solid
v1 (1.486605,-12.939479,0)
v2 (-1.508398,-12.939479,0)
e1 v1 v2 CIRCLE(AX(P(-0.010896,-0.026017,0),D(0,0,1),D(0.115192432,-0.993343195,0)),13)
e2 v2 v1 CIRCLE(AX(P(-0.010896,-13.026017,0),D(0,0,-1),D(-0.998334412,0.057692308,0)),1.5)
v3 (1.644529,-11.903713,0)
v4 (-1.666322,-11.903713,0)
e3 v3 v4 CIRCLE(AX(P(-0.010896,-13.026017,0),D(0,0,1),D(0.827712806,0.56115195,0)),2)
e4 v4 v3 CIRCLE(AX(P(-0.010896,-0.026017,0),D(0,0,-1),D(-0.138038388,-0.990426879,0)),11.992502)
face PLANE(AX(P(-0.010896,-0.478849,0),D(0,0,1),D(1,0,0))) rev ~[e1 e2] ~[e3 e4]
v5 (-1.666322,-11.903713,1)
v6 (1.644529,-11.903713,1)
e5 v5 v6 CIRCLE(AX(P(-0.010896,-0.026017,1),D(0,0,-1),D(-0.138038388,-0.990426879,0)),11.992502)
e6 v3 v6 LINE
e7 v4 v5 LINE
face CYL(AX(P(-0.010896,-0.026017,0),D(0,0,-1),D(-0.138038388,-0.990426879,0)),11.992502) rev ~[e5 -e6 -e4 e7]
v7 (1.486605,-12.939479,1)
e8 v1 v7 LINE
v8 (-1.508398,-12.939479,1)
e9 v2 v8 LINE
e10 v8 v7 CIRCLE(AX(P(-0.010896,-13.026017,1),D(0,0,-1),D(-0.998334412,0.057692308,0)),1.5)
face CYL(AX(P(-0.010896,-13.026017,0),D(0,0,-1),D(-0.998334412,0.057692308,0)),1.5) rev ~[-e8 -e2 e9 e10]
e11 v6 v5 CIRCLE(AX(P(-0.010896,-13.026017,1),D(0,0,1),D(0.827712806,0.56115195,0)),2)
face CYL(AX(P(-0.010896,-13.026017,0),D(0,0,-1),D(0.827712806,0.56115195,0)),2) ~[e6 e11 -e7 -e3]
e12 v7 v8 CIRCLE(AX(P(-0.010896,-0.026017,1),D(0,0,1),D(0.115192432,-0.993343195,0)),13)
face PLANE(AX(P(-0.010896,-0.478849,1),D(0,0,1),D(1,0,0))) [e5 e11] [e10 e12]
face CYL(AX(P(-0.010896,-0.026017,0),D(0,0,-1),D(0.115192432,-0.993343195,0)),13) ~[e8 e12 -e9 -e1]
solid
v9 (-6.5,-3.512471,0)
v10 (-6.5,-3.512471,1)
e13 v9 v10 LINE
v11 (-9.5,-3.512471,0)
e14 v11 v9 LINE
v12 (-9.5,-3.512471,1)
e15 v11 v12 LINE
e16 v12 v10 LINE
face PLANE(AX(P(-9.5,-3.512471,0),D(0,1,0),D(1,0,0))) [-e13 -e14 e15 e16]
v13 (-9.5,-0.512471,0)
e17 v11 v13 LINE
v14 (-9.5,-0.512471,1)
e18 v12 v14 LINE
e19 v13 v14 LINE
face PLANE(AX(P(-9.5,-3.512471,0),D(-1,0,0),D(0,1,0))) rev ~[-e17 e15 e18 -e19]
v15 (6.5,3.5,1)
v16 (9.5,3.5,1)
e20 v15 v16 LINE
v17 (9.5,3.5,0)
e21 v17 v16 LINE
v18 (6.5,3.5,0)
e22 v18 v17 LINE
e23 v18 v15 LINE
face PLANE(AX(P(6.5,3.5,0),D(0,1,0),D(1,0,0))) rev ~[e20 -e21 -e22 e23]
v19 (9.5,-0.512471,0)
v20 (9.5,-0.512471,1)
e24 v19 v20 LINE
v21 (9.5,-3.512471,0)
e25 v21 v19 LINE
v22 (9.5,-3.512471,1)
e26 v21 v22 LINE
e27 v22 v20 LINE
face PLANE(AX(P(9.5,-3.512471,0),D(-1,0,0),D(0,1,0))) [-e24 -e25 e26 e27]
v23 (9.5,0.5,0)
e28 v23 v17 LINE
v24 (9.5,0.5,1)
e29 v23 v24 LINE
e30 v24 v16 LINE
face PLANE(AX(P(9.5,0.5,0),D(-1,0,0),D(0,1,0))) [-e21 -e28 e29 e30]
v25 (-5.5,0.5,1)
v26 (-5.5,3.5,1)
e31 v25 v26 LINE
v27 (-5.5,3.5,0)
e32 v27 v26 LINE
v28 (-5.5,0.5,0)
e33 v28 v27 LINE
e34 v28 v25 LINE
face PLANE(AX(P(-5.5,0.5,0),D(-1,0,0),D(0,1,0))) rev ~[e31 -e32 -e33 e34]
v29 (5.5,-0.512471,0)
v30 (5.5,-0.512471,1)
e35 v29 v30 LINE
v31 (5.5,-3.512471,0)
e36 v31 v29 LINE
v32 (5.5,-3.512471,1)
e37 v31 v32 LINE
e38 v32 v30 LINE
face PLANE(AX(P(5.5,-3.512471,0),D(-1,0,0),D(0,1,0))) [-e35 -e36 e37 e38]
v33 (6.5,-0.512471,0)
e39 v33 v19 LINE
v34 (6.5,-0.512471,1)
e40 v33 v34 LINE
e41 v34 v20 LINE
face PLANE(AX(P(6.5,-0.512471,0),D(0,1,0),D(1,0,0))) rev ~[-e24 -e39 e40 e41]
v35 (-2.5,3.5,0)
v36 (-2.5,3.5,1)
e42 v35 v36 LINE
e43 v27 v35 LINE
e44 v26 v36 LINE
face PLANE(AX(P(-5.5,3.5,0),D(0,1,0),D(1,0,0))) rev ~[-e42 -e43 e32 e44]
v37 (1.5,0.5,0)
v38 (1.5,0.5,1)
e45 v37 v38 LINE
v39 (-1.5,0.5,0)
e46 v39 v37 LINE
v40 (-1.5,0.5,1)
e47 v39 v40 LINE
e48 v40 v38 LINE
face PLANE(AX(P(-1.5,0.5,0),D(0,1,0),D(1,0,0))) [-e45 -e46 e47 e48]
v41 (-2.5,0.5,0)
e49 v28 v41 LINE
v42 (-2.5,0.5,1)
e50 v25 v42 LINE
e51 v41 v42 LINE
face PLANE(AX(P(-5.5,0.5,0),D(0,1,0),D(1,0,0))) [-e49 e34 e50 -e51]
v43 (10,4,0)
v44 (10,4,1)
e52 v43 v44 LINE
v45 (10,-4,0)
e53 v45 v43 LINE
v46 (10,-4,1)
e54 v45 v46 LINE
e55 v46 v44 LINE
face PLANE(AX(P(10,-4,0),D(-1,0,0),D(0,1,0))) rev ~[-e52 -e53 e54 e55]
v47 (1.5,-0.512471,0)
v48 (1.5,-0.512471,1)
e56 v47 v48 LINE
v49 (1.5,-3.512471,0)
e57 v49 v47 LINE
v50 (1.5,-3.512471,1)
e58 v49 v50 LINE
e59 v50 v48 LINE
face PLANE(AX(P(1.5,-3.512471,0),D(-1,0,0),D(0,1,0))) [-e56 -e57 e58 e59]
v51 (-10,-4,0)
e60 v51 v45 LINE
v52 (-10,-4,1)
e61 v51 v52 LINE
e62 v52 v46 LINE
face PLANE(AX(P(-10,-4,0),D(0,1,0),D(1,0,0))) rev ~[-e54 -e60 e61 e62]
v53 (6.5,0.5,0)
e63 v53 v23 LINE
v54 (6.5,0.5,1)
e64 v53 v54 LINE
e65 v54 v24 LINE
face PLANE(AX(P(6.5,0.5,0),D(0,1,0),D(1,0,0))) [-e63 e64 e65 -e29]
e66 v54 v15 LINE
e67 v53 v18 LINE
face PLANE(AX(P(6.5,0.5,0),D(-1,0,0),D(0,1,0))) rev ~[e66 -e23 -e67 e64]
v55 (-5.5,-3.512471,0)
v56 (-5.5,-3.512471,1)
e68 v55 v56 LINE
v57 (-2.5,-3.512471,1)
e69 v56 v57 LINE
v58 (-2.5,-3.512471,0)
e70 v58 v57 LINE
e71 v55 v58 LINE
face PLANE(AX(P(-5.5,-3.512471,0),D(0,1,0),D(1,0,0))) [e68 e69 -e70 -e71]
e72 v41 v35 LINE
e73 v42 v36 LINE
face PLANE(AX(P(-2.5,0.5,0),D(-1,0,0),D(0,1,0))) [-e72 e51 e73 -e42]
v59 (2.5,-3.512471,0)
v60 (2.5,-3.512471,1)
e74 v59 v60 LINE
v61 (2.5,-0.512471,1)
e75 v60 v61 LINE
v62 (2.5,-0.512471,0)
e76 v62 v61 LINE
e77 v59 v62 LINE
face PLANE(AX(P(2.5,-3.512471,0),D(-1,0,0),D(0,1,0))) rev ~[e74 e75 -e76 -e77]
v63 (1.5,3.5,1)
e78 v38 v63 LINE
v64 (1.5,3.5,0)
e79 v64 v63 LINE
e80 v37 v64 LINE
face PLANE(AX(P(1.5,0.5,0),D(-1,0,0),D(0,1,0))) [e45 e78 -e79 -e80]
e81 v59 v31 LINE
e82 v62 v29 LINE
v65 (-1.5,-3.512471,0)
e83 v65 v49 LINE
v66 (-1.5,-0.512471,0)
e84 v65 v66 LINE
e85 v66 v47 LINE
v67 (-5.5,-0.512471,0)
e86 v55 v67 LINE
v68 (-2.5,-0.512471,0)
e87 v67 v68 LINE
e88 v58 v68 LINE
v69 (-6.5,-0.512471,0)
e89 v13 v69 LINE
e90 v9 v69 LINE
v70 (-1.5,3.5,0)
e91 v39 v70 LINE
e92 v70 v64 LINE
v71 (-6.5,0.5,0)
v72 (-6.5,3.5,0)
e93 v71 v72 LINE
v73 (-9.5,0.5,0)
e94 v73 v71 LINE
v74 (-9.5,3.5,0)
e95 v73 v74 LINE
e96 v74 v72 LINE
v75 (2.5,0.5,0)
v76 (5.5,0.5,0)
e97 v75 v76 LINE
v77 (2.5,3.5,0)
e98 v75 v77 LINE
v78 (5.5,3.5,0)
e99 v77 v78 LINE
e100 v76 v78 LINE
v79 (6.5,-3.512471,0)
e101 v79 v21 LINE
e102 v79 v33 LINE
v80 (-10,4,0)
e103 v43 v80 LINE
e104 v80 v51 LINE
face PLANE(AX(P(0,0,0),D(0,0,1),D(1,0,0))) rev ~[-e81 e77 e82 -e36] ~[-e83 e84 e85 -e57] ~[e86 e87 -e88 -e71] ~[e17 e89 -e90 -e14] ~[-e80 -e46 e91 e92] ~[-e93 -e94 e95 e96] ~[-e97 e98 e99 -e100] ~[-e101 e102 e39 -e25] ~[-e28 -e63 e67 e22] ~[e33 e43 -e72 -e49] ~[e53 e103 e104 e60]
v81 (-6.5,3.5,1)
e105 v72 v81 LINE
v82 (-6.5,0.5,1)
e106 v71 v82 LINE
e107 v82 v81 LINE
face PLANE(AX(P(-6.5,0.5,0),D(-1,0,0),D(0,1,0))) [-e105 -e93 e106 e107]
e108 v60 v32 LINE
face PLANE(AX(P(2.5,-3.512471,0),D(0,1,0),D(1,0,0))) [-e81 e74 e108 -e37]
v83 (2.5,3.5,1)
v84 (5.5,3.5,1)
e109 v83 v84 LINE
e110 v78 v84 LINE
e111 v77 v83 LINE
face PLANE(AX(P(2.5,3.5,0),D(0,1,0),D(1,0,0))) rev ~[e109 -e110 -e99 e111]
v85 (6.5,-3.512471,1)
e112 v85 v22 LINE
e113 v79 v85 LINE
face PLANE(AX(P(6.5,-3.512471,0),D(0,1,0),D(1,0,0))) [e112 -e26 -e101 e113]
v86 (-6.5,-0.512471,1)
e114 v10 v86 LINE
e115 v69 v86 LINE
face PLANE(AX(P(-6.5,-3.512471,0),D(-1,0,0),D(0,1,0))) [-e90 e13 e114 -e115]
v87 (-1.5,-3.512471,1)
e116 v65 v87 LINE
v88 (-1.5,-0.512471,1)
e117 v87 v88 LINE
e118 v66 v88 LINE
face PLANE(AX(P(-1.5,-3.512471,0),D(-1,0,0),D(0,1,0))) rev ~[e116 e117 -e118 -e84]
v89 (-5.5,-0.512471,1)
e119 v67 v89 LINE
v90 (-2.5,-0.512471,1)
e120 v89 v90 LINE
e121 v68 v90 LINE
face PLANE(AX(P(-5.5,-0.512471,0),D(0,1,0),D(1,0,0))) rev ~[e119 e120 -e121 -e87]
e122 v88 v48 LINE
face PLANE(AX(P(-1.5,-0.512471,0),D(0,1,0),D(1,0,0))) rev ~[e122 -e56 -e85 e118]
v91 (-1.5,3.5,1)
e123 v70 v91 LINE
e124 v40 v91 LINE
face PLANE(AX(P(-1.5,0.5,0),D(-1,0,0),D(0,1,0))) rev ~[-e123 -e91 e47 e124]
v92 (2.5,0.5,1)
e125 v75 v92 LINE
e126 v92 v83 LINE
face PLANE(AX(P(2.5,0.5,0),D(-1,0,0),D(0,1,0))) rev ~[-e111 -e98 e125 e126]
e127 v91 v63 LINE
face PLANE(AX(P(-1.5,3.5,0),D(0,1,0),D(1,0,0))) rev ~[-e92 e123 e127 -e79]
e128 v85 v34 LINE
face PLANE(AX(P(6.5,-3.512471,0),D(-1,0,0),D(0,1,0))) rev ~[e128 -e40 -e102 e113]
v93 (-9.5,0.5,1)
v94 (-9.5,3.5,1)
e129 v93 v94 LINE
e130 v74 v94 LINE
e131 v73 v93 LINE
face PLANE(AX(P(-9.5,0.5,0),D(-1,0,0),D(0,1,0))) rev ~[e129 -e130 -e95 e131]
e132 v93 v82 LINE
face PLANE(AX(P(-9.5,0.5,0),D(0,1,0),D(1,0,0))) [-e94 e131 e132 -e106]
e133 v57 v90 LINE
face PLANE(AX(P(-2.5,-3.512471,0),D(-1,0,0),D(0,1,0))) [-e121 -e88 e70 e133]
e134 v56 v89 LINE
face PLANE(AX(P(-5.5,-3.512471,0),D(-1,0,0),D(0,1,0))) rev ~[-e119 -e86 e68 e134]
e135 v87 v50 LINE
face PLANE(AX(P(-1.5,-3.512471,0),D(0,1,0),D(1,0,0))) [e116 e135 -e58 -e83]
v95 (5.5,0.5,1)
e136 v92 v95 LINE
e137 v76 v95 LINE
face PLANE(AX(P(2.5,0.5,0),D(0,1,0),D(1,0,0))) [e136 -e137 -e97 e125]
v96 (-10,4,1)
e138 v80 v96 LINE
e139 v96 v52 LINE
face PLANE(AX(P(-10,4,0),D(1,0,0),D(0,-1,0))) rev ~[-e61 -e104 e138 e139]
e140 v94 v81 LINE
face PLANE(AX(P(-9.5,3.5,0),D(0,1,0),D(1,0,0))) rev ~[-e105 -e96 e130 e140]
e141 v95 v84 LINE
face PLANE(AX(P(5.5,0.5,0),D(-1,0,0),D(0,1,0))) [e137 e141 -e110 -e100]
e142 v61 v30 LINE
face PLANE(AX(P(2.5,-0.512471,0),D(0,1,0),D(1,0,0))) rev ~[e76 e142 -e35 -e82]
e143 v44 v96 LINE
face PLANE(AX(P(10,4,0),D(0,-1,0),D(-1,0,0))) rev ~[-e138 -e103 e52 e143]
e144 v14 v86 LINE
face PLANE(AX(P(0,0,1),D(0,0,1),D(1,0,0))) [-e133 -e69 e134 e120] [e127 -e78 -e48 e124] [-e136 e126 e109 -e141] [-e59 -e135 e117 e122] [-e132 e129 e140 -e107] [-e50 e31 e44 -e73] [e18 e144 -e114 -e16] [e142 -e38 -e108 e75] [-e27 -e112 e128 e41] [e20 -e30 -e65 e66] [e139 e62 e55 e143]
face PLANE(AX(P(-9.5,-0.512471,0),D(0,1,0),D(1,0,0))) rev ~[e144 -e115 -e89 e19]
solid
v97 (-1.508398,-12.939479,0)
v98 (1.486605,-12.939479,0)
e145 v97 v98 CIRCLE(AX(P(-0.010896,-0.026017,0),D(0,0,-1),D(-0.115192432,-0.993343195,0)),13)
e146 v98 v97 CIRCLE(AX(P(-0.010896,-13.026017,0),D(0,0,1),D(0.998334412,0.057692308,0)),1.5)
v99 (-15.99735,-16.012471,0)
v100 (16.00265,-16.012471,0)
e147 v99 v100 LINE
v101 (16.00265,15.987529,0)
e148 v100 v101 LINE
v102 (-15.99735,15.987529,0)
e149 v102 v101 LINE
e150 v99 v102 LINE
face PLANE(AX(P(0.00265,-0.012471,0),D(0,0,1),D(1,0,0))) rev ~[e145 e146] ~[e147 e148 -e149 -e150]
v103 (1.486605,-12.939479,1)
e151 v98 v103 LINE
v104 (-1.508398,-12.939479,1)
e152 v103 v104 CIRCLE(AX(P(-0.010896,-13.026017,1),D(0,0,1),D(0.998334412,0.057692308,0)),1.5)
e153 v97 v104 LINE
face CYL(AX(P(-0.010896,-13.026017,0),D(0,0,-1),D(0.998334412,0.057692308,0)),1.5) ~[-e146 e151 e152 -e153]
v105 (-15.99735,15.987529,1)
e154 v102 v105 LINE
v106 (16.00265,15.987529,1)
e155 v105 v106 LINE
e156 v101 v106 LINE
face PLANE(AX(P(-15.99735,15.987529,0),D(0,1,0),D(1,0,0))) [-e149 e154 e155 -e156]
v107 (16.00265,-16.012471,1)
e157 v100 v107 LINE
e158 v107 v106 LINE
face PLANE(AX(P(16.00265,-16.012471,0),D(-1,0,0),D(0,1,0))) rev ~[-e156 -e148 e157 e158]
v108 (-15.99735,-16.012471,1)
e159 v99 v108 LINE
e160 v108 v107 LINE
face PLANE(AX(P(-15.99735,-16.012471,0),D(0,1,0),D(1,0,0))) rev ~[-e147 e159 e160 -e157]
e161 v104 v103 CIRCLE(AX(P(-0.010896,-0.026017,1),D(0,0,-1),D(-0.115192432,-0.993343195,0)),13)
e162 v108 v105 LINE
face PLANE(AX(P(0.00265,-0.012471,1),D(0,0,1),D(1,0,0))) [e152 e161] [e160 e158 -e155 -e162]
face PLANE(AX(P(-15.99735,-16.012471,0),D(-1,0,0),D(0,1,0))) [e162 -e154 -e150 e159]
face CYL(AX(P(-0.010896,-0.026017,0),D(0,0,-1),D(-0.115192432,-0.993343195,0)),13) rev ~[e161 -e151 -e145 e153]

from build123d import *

# Parameters (mm, degrees)
F0_W     = 3
F0_H     = 3
F1_DEPTH = 1
F0_W_2   = 32
F0_H_2   = 32
F2_DEPTH = 1


with BuildPart() as f1:
    # F0 (on Top) → F1 (new body)
    with BuildSketch(Plane.XY):
        Polygon((10, 3.5), (10, 4), (6.5, 4), (6, 4), (2.5, 4), (2, 4), (-1.5, 4), (-2, 4), (-5.5, 4), (-6, 4), (-6.5, 4), (-9.5, 4), (-10, 4), (-10, 3.5), (-10, -0.0124705449), (-10, -0.5124705449), (-10, -4), (-6.5, -4), (-6, -4), (-5.5, -4), (-2, -4), (-1.5, -4), (2, -4), (2.5, -4), (6, -4), (6.5, -4), (10, -4), (10, -0.5124705449), (10, -0.0124705449), align=None)
        with Locations((-8, -2.0124705449)):
            Rectangle(F0_W, F0_H, mode=Mode.SUBTRACT)
        with Locations((-4, -2.0124705449)):
            Rectangle(F0_W, F0_H, mode=Mode.SUBTRACT)
        with Locations((0, -2.0124705449)):
            Rectangle(F0_W, F0_H, mode=Mode.SUBTRACT)
        with Locations((4, -2.0124705449)):
            Rectangle(F0_W, F0_H, mode=Mode.SUBTRACT)
        with Locations((8, -2.0124705449)):
            Rectangle(F0_W, F0_H, mode=Mode.SUBTRACT)
        with Locations((-8, 2)):
            Rectangle(F0_W, F0_H, mode=Mode.SUBTRACT)
        with Locations((-4, 2)):
            Rectangle(F0_W, F0_H, mode=Mode.SUBTRACT)
        with Locations((0, 2)):
            Rectangle(F0_W, F0_H, mode=Mode.SUBTRACT)
        with Locations((4, 2)):
            Rectangle(F0_W, F0_H, mode=Mode.SUBTRACT)
        with Locations((8, 2)):
            Rectangle(F0_W, F0_H, mode=Mode.SUBTRACT)
    extrude(amount=F1_DEPTH)


with BuildPart() as f1b:
    # F0 (on Top) → F1, piece 2 (new body)
    with BuildSketch(Plane.XY):
        with BuildLine():
            ThreePointArc((-1.5083979477, -12.9394788722), (-0.0108963301, -11.5260173337), (1.4866052875, -12.9394788722))
            ThreePointArc((1.4866052875, -12.9394788722), (-0.0108963301, 12.9739826663), (-1.5083979477, -12.9394788722))
        make_face()
        with BuildLine():
            ThreePointArc((-1.6663219417, -11.9037134335), (-0.0108963301, 11.9664844317), (1.6445292815, -11.9037134335))
            ThreePointArc((1.6445292815, -11.9037134335), (-0.0108963301, -11.0260173337), (-1.6663219417, -11.9037134335))
        make_face(mode=Mode.SUBTRACT)
    extrude(amount=F1_DEPTH)


with BuildPart() as f2:
    # F0 (on Top) → F2 (new body)
    with BuildSketch(Plane.XY):
        with Locations((0.0026504587, -0.0124705449)):
            Rectangle(F0_W_2, F0_H_2)
        with BuildLine():
            ThreePointArc((-1.5083979477, -12.9394788722), (-0.0108963301, 12.9739826663), (1.4866052875, -12.9394788722))
            ThreePointArc((1.4866052875, -12.9394788722), (-0.0108963301, -11.5260173337), (-1.5083979477, -12.9394788722))
        make_face(mode=Mode.SUBTRACT)
    extrude(amount=F2_DEPTH)


solid = Compound([f1.part, f1b.part, f2.part])
